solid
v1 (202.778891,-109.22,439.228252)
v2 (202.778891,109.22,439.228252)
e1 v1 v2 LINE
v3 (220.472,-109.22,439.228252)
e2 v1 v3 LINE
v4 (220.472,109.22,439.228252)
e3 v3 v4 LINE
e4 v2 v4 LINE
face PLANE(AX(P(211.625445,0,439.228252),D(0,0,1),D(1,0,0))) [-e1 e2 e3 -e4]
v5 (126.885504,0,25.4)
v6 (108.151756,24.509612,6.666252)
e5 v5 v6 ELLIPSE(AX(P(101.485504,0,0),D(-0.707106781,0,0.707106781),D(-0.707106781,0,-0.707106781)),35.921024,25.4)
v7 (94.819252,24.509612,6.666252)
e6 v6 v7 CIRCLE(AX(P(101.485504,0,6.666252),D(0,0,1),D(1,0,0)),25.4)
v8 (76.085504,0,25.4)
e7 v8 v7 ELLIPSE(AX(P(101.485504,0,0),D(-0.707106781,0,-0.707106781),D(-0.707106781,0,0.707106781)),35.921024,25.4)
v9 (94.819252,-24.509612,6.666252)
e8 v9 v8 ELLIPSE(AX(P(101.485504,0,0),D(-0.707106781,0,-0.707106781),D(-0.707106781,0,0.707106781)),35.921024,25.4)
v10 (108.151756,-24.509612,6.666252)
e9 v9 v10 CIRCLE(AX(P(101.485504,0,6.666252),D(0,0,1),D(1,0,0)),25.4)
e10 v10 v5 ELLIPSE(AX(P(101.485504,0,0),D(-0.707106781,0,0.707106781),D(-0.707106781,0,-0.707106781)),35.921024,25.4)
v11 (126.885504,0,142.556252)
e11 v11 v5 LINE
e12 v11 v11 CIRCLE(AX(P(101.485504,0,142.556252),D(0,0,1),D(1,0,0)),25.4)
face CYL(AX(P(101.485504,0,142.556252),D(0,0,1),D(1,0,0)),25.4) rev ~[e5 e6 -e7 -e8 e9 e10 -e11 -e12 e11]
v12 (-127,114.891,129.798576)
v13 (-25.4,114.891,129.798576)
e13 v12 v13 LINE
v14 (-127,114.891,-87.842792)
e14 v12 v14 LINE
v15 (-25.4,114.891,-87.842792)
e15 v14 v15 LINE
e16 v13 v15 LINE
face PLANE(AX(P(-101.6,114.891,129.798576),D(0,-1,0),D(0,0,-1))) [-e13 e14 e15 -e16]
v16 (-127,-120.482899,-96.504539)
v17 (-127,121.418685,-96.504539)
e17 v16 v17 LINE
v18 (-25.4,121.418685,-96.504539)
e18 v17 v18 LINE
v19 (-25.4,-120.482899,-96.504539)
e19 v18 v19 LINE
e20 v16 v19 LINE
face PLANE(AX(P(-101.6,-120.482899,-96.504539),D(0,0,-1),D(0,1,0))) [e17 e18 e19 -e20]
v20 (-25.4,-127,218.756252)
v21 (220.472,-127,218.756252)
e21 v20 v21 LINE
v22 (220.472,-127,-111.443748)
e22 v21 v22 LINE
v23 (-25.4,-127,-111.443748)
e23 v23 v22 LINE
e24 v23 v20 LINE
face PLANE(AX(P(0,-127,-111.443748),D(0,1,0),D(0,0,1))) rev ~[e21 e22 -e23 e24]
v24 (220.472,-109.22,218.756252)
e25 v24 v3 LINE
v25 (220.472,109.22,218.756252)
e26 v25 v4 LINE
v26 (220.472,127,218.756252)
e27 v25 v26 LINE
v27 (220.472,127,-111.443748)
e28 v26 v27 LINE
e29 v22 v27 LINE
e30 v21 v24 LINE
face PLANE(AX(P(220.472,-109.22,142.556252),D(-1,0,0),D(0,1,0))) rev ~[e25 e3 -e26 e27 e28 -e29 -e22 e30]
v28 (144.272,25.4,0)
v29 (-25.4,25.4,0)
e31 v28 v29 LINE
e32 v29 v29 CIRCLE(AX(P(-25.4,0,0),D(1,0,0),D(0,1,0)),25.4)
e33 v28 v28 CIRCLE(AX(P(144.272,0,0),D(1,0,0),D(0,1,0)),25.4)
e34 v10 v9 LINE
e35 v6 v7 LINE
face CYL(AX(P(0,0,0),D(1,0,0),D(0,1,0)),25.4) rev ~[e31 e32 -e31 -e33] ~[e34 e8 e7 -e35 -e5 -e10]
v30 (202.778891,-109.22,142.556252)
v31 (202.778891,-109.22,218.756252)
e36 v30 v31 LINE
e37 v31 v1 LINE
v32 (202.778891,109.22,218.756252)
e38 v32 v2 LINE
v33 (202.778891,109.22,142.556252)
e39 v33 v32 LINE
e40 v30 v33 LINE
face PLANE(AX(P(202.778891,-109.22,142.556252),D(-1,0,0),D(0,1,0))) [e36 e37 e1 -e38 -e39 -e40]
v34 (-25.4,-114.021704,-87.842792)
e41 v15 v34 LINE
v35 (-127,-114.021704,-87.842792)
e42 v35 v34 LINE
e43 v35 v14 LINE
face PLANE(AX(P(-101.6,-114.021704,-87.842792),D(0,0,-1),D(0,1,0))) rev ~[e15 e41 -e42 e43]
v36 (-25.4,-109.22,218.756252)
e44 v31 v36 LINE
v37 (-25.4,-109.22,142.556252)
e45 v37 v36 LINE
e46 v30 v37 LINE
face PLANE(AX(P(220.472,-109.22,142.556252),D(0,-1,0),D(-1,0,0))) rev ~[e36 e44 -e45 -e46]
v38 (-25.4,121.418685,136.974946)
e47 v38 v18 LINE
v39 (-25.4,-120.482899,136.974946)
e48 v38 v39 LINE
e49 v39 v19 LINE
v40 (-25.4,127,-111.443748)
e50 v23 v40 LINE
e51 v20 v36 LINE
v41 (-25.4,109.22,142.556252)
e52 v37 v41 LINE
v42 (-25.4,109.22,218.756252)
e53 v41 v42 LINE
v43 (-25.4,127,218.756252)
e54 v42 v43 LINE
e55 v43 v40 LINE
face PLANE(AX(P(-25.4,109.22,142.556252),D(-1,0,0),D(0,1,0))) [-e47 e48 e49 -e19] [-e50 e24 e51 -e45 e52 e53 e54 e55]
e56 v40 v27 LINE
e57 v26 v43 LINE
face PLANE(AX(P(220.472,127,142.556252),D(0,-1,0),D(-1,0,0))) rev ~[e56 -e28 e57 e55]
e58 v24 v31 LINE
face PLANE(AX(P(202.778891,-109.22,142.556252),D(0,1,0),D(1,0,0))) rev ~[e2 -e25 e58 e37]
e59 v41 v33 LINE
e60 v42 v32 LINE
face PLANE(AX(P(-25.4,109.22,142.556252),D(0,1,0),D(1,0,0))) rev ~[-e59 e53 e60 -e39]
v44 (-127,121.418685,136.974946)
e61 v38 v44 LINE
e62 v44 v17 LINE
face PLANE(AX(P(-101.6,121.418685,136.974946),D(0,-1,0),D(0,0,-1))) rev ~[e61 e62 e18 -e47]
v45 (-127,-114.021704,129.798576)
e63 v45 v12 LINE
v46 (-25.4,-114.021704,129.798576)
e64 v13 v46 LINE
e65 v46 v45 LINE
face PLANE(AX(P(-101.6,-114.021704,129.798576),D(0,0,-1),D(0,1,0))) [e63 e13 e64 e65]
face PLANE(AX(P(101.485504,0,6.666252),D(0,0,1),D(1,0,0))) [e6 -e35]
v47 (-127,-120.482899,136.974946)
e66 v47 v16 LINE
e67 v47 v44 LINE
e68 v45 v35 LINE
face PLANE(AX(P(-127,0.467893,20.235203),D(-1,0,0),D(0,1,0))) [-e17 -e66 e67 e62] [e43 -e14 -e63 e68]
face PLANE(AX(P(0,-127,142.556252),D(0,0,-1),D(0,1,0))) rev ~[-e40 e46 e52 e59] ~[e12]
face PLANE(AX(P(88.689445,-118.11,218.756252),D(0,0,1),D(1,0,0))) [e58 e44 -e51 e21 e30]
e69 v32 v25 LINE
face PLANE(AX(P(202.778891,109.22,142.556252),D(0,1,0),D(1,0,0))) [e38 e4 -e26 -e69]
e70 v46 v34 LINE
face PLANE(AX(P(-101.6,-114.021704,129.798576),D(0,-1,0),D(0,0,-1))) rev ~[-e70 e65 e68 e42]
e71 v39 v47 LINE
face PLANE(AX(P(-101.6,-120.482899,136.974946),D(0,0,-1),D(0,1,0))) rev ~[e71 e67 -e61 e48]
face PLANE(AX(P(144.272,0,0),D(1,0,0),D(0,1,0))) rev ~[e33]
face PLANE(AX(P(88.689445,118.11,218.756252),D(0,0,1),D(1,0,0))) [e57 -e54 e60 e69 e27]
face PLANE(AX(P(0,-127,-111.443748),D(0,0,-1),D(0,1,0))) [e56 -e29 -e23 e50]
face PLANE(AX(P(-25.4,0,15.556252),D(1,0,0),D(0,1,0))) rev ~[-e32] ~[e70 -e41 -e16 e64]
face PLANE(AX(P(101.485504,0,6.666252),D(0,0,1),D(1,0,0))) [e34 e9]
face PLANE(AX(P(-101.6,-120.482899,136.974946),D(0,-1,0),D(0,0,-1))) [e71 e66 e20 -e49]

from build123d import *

# Parameters (mm, degrees)
F0_W        = 254
F0_H        = 254
F0_R        = 25.4
F1_DEPTH    = 220.472
F2_DEPTH    = 144.272
F3_R        = 25.4
F4_DEPTH    = 135.89
F5_W        = 241.9015839696
F5_H        = 233.4794849157
F5_W_2      = 228.9127036929
F5_H_2      = 217.6413685083
F6_DEPTH    = 101.6
F6_FACE_W   = 241.9015839696
F6_FACE_H   = 233.4794849157
F6_FACE_W_2 = 228.9127036929
F6_FACE_H_2 = 217.6413685083
F7_DEPTH    = 25.4
F8_W        = 228.178890729
F8_H        = 17.78
F8_W_2      = 17.693109271
F9_DEPTH    = 76.2
F8_H_2      = 218.44
F10_DEPTH   = 296.672


with BuildPart() as f1:
    # F0 (on Right) → F1 (new body)
    with BuildSketch(Plane.YZ):
        with Locations((0, 15.5562520722)):
            Rectangle(F0_W, F0_H)
        Circle(F0_R, mode=Mode.SUBTRACT)
        Circle(F0_R)
    extrude(amount=F1_DEPTH)

    # F0 (on Right) → F2 (cut)
    with BuildSketch(Plane.YZ):
        Circle(F0_R)
    extrude(amount=F2_DEPTH, mode=Mode.SUBTRACT)

    # F3 (on face) → F4 (cut)
    with BuildSketch(Plane.XY.offset(142.5562520722)):
        with Locations((101.4855039687, 0)):
            Circle(F3_R)
    extrude(amount=-F4_DEPTH, mode=Mode.SUBTRACT)

    # F5 (on face) → F6 (join)
    with BuildSketch(Plane.YZ):
        with Locations((0.4678927362, 20.2352032065)):
            Rectangle(F5_W, F5_H)
        with Locations((0.4346482456, 20.9778919816)):
            Rectangle(F5_W_2, F5_H_2, mode=Mode.SUBTRACT)
    extrude(amount=-F6_DEPTH)

    # F6_face (on face) + F0 (on Right) → F7 (join)
    with BuildSketch(Plane(origin=(-101.6, 0.7166497245, 14.6779207971), x_dir=(0, 1, 0), z_dir=(-1, 0, 0))):
        with Locations((-0.2487569883, -5.5572824094)):
            Rectangle(F6_FACE_W, F6_FACE_H)
        with Locations((-0.282001479, -6.2999711845)):
            Rectangle(F6_FACE_W_2, F6_FACE_H_2, mode=Mode.SUBTRACT)
    with BuildSketch(Plane.YZ):
        with Locations((0, 15.5562520722)):
            Rectangle(F0_W, F0_H)
        Circle(F0_R, mode=Mode.SUBTRACT)
    extrude(amount=F7_DEPTH, dir=(-1, 0, 0))

    # F8 (on face) → F9 (join)
    with BuildSketch(Plane.XY.offset(142.5562520722)):
        with Locations((88.6894453645, 118.11)):
            Rectangle(F8_W, F8_H)
        with Locations((211.6254453645, 118.11)):
            Rectangle(F8_W_2, F8_H)
        with Locations((88.6894453645, -118.11)):
            Rectangle(F8_W, F8_H)
        with Locations((211.6254453645, -118.11)):
            Rectangle(F8_W_2, F8_H)
    extrude(amount=F9_DEPTH)

    # F8 (on face) → F10 (join)
    with BuildSketch(Plane.XY.offset(142.5562520722)):
        with Locations((211.6254453645, 0)):
            Rectangle(F8_W_2, F8_H_2)
    extrude(amount=F10_DEPTH)


solid = f1.part
